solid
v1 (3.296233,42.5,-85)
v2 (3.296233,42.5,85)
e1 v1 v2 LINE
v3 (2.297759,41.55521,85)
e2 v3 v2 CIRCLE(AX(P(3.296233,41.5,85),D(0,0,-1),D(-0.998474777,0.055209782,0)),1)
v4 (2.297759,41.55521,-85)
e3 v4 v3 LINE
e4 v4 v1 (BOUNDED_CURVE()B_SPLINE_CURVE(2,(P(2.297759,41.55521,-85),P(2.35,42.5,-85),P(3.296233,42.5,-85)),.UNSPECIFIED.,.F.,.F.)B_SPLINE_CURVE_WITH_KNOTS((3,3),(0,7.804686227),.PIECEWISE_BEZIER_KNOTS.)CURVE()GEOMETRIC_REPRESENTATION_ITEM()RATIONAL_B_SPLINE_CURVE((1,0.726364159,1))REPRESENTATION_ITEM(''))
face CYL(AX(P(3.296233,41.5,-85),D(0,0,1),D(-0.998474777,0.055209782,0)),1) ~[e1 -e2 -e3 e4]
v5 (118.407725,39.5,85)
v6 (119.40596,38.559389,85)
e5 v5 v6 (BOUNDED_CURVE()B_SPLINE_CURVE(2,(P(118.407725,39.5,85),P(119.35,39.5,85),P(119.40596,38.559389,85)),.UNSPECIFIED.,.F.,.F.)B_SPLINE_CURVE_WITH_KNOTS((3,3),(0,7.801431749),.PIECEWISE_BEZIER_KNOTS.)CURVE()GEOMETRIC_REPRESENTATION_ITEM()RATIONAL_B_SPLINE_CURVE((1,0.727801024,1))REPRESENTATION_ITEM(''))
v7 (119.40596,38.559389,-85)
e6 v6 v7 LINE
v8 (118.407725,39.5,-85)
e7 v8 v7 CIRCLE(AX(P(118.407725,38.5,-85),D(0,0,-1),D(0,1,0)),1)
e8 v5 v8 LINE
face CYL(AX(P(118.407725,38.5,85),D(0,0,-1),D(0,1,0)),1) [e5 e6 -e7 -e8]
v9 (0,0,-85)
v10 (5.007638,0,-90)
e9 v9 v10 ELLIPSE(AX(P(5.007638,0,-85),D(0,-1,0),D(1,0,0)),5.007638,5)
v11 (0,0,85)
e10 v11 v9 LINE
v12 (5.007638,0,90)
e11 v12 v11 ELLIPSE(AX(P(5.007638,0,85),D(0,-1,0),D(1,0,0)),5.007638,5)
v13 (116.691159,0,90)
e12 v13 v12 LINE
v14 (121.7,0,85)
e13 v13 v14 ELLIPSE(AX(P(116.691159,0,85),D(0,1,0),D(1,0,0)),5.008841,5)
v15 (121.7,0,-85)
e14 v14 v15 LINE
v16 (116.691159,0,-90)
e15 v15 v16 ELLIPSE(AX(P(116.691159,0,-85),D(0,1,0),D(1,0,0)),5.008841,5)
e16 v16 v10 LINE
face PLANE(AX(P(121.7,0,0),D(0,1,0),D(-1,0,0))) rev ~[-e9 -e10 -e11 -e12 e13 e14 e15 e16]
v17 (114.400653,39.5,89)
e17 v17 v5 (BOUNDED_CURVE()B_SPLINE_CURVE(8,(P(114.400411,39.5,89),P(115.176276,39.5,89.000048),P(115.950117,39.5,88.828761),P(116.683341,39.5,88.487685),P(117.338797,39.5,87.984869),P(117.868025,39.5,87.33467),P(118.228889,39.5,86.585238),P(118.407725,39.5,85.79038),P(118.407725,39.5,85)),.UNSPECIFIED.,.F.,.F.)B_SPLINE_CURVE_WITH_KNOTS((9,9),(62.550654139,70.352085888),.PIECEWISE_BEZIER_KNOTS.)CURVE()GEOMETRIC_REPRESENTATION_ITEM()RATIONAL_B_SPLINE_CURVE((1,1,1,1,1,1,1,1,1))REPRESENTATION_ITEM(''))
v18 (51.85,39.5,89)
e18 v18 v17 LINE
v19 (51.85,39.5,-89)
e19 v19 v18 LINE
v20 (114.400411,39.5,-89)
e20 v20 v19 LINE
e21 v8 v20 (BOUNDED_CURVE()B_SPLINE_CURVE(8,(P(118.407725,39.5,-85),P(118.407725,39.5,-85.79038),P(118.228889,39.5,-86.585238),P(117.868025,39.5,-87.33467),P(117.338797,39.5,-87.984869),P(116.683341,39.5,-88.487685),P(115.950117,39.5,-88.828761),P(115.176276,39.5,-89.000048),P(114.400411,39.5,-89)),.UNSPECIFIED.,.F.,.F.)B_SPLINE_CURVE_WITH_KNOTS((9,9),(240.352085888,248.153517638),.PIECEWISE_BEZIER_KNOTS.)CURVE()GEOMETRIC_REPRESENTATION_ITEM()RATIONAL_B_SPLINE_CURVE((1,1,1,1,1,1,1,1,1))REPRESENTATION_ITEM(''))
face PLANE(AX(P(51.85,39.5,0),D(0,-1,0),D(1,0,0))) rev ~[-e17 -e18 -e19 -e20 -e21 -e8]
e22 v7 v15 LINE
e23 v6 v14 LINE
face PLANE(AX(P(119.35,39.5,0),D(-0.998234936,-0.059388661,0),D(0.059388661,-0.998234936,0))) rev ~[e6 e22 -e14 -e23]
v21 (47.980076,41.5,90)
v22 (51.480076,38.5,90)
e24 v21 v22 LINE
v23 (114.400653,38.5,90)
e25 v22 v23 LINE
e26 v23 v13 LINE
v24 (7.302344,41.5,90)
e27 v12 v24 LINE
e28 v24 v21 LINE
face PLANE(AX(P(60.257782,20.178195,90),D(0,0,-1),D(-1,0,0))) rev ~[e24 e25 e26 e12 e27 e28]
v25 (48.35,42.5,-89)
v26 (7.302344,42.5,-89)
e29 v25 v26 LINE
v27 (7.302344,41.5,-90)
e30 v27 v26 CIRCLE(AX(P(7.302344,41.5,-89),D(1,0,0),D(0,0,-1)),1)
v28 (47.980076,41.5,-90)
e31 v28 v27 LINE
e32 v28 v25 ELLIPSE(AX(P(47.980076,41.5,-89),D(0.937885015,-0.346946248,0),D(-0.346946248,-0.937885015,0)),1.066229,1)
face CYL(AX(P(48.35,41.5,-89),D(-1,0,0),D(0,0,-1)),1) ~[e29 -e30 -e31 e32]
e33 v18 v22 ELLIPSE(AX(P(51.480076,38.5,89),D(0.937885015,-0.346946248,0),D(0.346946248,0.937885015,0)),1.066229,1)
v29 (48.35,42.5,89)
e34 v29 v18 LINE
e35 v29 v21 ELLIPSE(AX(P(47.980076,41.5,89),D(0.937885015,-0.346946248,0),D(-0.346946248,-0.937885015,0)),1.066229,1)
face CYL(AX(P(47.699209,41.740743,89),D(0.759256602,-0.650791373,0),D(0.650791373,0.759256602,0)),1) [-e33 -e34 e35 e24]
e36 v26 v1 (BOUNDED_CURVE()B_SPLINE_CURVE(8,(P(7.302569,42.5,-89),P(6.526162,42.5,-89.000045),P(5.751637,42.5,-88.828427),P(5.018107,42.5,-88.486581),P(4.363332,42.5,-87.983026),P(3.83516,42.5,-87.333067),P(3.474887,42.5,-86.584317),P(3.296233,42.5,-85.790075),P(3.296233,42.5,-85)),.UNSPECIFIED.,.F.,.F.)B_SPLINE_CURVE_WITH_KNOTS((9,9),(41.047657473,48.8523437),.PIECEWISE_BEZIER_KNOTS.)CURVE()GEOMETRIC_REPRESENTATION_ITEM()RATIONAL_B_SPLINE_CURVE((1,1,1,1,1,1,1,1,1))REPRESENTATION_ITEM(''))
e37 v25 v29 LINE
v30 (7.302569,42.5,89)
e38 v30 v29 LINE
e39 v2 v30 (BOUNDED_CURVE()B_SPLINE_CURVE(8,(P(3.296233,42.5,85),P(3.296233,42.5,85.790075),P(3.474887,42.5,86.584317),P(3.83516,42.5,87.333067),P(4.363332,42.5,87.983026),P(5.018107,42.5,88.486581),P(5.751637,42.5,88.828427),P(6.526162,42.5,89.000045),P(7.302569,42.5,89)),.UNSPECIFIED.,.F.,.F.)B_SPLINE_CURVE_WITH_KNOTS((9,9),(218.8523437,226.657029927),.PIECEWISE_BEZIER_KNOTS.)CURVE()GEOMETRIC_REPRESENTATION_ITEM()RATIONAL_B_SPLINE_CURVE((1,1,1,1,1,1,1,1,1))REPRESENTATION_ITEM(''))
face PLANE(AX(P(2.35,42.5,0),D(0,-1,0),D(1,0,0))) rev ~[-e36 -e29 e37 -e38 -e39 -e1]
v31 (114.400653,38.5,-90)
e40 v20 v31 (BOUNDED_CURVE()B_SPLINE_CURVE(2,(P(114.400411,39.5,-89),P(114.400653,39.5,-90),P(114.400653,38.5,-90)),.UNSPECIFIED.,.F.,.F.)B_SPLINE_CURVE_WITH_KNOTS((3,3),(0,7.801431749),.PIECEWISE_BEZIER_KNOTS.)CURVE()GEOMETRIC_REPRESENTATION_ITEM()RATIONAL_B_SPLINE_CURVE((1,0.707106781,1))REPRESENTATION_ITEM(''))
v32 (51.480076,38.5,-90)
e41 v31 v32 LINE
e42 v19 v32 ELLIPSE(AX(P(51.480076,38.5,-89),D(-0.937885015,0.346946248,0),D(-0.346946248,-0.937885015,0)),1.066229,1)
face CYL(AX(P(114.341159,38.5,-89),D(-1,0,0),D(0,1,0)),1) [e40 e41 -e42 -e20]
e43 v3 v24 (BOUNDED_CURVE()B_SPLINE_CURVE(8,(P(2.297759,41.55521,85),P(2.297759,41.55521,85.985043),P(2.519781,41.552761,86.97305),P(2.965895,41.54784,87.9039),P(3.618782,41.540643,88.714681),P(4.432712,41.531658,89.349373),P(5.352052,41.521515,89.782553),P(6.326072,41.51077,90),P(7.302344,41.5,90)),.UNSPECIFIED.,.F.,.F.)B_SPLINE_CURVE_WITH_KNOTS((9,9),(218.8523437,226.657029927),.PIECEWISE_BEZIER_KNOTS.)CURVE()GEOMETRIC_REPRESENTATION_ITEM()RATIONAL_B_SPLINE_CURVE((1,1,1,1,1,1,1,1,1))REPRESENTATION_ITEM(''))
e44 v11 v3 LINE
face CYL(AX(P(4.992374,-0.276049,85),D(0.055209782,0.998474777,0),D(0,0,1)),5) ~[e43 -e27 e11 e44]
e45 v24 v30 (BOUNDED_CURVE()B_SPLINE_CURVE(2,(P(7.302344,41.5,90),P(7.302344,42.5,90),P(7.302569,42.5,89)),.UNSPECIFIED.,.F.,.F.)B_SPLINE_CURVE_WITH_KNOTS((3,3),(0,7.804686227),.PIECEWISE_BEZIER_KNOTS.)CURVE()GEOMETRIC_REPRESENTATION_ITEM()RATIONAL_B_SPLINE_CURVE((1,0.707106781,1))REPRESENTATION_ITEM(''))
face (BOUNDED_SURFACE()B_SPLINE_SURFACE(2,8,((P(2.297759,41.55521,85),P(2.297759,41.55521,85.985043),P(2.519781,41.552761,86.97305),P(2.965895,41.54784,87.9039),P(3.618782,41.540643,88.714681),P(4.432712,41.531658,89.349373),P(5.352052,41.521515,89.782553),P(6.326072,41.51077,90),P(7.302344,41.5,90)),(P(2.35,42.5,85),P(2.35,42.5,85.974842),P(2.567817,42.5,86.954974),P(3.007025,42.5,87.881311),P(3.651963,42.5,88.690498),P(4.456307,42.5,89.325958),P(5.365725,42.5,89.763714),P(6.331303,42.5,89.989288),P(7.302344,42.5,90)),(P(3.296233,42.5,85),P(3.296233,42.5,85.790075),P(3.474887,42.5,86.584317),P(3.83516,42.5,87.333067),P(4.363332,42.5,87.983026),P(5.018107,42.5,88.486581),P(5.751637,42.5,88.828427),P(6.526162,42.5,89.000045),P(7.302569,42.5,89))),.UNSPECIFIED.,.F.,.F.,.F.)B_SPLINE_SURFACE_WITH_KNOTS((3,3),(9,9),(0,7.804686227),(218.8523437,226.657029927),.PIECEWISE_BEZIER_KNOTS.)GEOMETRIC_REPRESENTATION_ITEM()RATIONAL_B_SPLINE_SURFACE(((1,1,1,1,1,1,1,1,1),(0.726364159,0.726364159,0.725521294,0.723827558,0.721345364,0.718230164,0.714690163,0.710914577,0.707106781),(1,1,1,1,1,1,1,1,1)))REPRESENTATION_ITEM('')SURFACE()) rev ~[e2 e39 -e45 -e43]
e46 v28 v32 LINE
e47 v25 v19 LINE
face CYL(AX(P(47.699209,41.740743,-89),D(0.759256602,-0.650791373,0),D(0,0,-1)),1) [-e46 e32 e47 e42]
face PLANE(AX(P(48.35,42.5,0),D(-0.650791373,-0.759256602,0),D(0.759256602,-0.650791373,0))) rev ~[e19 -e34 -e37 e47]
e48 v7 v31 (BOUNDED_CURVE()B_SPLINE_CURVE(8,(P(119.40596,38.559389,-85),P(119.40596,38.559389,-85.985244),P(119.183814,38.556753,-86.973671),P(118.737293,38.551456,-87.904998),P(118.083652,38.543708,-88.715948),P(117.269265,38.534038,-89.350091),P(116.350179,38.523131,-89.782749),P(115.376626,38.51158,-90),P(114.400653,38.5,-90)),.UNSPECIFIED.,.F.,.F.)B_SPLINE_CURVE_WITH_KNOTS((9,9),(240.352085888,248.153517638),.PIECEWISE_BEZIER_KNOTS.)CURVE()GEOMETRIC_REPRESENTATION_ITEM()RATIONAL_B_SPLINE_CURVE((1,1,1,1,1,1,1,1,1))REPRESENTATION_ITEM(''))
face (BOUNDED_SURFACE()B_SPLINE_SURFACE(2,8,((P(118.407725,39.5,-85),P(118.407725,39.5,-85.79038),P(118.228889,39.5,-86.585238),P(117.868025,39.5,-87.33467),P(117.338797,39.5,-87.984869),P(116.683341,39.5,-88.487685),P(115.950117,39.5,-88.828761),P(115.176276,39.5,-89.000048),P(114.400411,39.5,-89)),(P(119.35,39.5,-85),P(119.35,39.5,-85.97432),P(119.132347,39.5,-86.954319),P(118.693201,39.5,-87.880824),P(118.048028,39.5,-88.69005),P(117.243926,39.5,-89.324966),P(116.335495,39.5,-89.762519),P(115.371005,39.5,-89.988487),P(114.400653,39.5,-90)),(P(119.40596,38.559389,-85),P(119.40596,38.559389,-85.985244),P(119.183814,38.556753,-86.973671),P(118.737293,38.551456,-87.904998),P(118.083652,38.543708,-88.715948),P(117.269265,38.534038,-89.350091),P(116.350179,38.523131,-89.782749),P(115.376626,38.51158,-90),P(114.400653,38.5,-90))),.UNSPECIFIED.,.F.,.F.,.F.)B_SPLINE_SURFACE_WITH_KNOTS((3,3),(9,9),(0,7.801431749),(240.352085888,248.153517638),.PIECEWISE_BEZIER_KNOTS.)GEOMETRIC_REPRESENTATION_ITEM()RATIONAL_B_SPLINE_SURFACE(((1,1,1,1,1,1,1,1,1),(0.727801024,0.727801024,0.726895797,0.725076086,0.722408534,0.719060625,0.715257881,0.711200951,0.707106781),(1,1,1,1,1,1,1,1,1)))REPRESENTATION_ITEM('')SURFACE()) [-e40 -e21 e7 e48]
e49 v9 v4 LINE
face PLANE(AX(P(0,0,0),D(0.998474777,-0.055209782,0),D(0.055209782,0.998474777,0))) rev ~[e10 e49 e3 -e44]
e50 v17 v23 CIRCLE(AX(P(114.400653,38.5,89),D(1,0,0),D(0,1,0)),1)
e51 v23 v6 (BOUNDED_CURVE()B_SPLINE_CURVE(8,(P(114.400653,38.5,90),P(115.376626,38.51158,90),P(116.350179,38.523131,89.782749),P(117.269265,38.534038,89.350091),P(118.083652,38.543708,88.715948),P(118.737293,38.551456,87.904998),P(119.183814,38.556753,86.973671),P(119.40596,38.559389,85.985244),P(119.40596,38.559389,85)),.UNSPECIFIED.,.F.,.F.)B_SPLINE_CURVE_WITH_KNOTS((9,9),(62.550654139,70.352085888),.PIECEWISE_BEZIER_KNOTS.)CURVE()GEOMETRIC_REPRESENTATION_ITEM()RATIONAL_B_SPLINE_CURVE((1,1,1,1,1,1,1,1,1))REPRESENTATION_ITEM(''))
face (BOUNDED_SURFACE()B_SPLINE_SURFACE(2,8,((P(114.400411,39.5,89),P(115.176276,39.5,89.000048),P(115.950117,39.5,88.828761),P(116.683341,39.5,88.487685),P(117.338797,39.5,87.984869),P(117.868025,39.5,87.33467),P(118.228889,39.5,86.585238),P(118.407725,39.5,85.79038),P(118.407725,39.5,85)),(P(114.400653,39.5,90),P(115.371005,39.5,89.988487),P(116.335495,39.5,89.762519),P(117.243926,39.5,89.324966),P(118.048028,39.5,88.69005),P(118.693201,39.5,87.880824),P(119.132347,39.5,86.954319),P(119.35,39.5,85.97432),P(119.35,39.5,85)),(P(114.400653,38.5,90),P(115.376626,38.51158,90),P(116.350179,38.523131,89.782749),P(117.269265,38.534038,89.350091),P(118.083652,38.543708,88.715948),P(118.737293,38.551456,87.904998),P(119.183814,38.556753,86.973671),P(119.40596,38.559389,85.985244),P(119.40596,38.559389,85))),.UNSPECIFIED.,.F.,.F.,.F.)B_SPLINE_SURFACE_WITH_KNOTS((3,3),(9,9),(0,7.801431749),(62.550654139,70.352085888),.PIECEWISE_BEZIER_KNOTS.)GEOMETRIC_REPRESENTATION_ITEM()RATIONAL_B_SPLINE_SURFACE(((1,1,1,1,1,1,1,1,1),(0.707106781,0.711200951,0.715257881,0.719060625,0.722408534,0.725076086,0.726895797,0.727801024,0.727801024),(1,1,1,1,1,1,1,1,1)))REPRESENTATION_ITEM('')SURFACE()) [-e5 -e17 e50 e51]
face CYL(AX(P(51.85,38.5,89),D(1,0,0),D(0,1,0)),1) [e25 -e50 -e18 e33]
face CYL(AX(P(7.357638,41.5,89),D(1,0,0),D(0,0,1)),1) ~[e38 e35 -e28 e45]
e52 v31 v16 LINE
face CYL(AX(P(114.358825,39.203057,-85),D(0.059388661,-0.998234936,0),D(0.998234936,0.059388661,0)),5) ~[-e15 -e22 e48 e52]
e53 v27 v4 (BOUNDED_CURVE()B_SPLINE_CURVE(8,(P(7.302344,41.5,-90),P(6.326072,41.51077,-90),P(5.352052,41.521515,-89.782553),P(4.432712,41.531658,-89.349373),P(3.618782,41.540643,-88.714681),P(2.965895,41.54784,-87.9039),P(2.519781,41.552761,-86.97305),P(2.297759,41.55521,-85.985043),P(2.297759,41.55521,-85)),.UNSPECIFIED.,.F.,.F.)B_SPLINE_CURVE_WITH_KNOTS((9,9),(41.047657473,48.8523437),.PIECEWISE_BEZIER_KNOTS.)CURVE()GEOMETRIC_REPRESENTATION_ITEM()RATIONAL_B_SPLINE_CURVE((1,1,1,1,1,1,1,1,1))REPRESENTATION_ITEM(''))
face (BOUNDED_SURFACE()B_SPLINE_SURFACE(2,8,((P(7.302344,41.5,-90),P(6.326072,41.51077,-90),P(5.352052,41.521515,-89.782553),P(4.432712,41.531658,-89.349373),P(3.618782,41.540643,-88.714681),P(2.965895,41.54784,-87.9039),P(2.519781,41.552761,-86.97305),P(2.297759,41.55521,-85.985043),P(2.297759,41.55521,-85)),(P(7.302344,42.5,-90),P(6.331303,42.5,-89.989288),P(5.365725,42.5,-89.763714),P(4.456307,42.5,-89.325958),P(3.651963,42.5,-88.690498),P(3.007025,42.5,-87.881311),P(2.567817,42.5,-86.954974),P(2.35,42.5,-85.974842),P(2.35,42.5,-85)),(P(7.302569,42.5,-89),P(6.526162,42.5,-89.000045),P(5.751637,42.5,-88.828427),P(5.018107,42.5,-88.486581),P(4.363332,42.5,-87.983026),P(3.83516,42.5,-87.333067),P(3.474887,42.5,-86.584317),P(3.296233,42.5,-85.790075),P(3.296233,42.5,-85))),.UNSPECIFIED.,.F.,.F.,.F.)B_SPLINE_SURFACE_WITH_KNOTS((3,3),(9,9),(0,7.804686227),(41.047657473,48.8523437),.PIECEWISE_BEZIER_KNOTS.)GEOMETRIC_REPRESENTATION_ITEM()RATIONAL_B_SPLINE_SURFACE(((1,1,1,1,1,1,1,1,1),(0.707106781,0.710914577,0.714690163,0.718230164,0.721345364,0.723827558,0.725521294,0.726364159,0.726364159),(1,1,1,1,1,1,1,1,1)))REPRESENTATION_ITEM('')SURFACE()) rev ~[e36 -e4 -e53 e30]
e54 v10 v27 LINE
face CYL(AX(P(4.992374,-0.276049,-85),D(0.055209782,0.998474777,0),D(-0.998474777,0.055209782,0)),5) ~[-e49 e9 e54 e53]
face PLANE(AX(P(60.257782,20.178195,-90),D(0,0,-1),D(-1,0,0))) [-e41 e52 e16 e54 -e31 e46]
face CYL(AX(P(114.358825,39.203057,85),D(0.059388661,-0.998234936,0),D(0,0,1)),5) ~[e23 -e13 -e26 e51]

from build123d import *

# Parameters (mm, degrees)
PAD_DEPTH   = 90
FILLET_R    = 5
FILLET001_R = 1


with BuildPart() as part:
    # Sketch → Pad (new body, symmetric)
    with BuildSketch(Plane.XY):
        Polygon((51.85, 39.5), (119.35, 39.5), (121.7, 0), (0, 0), (2.35, 42.5), (48.35, 42.5), align=None)
    extrude(amount=PAD_DEPTH, both=True)

    # Fillet
    fillet_edges = [part.edges().sort_by_distance(p)[0] for p in [
        (120.525, 19.75, 90),
        (1.175, 21.25, 90),
        (120.525, 19.75, -90),
        (1.175, 21.25, -90),
    ]]
    fillet(fillet_edges, radius=FILLET_R)

    # Fillet001
    fillet001_edges = [part.edges().sort_by_distance(p)[0] for p in [
        (83.09558, 39.5, 90),
        (50.1, 41, 90),
        (27.853819, 42.5, 90),
        (3.818055, 42.5, 88.536883),
        (2.35, 42.5, 0),
        (3.818055, 42.5, -88.536883),
        (27.853819, 42.5, -90),
        (50.1, 41, -90),
        (83.09558, 39.5, -90),
        (117.88138, 39.5, -88.537095),
        (119.35, 39.5, 0),
        (117.88138, 39.5, 88.537095),
    ]]
    fillet(fillet001_edges, radius=FILLET001_R)


solid = part.part
